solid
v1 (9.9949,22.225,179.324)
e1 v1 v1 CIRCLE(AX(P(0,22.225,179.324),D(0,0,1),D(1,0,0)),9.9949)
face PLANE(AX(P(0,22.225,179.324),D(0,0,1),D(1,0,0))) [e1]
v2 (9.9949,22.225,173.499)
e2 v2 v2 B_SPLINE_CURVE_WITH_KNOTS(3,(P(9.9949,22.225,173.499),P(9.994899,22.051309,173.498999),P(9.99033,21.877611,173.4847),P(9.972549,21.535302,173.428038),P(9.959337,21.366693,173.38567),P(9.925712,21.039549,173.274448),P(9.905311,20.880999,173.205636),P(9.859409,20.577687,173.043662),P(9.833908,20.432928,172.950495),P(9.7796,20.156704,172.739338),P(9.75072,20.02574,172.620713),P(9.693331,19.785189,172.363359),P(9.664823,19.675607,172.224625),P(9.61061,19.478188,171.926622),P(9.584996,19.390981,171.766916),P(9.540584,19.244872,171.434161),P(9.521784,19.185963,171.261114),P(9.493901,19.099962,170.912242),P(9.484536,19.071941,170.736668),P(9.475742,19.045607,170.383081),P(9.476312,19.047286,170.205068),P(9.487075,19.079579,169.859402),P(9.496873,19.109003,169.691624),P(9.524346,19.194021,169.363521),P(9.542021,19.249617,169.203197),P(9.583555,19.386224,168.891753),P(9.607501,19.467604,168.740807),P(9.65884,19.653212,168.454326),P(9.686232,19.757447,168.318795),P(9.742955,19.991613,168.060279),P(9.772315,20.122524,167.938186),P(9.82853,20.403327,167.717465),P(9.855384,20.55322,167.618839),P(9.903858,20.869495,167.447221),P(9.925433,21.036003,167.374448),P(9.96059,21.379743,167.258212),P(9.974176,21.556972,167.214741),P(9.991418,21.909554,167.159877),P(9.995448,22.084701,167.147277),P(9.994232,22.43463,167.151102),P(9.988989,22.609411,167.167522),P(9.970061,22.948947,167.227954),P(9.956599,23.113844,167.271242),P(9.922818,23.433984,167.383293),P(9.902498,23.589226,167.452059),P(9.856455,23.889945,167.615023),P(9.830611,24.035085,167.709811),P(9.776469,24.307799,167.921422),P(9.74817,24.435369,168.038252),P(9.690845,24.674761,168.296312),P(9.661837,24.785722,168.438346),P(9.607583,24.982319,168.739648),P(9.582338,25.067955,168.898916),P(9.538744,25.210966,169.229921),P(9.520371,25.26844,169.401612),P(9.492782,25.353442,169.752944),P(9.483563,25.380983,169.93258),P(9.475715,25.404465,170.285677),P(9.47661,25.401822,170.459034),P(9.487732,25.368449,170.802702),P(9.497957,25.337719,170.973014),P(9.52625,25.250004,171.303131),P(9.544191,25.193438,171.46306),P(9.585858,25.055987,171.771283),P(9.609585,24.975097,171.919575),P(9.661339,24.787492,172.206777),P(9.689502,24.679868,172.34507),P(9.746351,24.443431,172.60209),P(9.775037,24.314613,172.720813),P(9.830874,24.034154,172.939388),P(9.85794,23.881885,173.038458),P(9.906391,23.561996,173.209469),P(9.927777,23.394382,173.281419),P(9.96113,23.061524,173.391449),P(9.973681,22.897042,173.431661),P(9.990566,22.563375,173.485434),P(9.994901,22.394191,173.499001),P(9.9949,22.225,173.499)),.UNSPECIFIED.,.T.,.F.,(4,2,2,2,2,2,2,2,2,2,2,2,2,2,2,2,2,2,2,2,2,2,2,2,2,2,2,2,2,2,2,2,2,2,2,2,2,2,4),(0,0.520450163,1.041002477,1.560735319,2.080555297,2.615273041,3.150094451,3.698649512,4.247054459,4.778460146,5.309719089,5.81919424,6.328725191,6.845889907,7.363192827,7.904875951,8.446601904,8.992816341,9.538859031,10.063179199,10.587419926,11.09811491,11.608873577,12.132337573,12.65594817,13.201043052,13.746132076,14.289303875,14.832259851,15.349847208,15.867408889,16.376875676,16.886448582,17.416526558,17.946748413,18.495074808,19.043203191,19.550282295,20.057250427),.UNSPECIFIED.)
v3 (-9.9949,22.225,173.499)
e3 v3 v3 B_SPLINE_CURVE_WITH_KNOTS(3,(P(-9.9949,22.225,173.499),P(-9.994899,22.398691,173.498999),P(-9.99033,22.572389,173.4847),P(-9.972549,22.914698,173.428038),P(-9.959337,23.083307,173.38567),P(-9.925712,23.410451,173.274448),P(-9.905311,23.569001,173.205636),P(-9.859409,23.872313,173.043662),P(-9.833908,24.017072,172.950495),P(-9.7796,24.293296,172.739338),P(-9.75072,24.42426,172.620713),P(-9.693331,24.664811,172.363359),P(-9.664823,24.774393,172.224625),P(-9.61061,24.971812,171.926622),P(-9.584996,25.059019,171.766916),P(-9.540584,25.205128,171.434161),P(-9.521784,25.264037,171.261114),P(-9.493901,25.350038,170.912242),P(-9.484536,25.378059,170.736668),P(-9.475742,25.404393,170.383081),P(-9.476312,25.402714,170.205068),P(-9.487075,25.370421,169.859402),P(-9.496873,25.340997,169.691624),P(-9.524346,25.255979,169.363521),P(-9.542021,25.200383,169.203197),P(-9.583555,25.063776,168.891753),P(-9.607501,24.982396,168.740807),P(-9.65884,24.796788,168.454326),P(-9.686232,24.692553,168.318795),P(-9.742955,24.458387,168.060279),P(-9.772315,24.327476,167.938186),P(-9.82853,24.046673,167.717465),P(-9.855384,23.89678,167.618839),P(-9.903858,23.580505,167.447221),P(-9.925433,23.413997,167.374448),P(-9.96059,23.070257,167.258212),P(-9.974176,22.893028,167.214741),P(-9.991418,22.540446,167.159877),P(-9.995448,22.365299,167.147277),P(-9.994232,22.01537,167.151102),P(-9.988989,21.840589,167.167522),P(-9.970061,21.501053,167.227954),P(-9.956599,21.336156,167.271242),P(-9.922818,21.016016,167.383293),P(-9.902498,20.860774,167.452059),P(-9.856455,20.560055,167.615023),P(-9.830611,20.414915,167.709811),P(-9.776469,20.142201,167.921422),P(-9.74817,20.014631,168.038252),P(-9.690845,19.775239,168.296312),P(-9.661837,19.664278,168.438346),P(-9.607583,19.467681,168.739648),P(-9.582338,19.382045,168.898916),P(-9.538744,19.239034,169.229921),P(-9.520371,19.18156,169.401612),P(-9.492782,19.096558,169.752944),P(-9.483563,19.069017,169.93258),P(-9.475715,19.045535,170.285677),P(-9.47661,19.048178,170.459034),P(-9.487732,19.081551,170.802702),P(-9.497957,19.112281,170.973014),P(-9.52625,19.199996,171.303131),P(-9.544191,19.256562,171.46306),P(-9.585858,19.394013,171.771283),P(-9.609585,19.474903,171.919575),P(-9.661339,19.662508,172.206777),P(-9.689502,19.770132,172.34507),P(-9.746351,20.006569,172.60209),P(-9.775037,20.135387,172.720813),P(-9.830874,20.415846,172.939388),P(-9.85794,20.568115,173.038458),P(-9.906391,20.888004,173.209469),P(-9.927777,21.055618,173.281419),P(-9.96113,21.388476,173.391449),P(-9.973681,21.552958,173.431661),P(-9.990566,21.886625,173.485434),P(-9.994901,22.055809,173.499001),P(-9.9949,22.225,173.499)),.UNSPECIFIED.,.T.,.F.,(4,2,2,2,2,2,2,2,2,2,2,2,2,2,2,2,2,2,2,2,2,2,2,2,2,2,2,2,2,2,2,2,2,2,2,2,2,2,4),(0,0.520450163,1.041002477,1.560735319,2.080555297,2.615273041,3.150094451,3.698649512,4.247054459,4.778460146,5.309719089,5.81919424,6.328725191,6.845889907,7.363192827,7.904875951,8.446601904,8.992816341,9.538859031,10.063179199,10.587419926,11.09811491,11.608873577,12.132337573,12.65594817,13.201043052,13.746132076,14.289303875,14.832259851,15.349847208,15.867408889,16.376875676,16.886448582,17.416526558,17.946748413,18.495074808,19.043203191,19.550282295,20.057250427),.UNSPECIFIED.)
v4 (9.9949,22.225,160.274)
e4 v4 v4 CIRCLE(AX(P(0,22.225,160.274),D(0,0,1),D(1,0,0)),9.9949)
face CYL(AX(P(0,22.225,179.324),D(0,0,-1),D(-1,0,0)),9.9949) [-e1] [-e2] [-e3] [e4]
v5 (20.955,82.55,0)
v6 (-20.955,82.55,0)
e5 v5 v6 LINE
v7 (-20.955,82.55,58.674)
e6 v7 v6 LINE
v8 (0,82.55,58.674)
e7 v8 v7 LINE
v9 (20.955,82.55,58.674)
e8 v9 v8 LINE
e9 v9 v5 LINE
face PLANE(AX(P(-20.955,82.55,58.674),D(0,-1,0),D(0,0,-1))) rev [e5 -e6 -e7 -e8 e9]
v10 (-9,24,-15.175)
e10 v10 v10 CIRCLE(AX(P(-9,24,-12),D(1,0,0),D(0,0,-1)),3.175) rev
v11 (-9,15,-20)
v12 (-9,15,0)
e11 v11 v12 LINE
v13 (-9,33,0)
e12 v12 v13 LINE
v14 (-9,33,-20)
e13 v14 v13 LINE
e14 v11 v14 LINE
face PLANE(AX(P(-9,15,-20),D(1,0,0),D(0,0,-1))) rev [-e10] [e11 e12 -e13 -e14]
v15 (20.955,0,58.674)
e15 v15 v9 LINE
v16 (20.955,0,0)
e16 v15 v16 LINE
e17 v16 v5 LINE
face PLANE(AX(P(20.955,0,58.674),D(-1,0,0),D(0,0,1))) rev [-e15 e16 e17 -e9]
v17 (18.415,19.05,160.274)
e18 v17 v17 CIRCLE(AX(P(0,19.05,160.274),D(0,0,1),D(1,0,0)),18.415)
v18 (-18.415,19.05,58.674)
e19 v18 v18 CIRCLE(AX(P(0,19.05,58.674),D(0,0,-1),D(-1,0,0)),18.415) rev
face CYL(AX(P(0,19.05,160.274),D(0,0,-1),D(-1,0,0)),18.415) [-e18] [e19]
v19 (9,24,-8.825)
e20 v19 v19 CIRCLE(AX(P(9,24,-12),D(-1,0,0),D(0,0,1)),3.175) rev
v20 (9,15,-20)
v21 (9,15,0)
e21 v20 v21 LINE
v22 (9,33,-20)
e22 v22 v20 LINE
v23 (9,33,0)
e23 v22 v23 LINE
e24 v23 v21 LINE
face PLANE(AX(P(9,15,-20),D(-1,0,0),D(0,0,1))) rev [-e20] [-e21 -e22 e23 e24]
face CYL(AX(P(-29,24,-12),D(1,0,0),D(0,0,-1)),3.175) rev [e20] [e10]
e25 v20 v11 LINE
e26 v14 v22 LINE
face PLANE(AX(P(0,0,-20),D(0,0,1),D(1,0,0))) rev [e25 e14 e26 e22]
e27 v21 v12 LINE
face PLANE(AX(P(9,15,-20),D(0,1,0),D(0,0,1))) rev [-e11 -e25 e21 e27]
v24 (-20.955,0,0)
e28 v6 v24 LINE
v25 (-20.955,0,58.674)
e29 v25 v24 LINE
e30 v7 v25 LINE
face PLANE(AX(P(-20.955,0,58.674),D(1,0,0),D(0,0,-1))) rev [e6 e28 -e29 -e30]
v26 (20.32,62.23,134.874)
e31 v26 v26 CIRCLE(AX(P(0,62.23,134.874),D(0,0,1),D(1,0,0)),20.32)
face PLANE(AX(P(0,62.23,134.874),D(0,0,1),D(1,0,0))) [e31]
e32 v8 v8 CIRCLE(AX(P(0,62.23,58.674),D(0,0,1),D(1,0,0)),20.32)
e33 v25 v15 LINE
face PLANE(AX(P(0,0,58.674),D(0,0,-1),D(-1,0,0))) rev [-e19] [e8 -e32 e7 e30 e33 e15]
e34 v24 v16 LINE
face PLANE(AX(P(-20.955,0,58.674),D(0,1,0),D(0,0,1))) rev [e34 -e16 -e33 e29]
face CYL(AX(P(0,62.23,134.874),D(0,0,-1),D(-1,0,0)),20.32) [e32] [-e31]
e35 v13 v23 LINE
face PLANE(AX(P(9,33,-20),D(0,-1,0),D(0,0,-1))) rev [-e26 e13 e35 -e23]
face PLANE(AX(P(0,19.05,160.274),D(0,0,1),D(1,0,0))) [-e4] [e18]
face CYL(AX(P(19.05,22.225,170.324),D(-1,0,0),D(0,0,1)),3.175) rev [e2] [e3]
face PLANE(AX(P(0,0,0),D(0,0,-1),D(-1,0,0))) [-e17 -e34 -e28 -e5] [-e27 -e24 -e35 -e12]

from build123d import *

# Parameters (mm, degrees)
SKETCH1_W               = 41.91
SKETCH1_H               = 82.55
BOSS_EXTRUDE1_DEPTH     = 58.674
SKETCH2_R               = 20.32
BOSS_EXTRUDE2_DEPTH     = 76.2
SKETCH3_R               = 18.415
BOSS_EXTRUDE3_DEPTH     = 101.6
SKETCH4_R               = 9.9949
BOSS_EXTRUDE4_DEPTH     = 19.05
CUT_EXTRUDE1_DEPTH      = 19.05
CUT_EXTRUDE1_DEPTH_BACK = 19.05
SKETCH6_R               = 3.175
SKETCH7_W               = 18
SKETCH7_H               = 18
BOSS_EXTRUDE5_DEPTH     = 20
CUT_EXTRUDE2_DEPTH      = 20
CUT_EXTRUDE2_DEPTH_BACK = 20
SKETCH8_R               = 3.175


with BuildPart() as part:
    # Sketch1 → Boss-Extrude1 (new body)
    with BuildSketch(Plane.XY):
        with Locations((0, 41.275)):
            Rectangle(SKETCH1_W, SKETCH1_H)
    extrude(amount=BOSS_EXTRUDE1_DEPTH)

    # Sketch2 → Boss-Extrude2 (add)
    with BuildSketch(Plane.XY.offset(58.674)):
        with Locations((0, 62.23)):
            Circle(SKETCH2_R)
    extrude(amount=BOSS_EXTRUDE2_DEPTH)

    # Sketch3 → Boss-Extrude3 (add)
    with BuildSketch(Plane.XY.offset(58.674)):
        with Locations((0, 19.05)):
            Circle(SKETCH3_R)
    extrude(amount=BOSS_EXTRUDE3_DEPTH)

    # Sketch4 → Boss-Extrude4 (add)
    with BuildSketch(Plane.XY.offset(160.274)):
        with Locations((0, 22.225)):
            Circle(SKETCH4_R)
    extrude(amount=BOSS_EXTRUDE4_DEPTH)

    # Sketch6 → Cut-Extrude1 (cut, two sides: drawn at the far end of the back side and taken through both)
    with BuildSketch(Plane(origin=(0, 0, 0), x_dir=(0, 0, -1), z_dir=(1, 0, 0)).offset(-CUT_EXTRUDE1_DEPTH_BACK)):
        with Locations((-170.324, 22.225)):
            Circle(SKETCH6_R)
    extrude(amount=CUT_EXTRUDE1_DEPTH + CUT_EXTRUDE1_DEPTH_BACK, mode=Mode.SUBTRACT)

    # Sketch7 → Boss-Extrude5 (add)
    with BuildSketch(Plane(origin=(0, 0, 0), x_dir=(-1, 0, 0), z_dir=(0, 0, -1))):
        with Locations((0, 24)):
            Rectangle(SKETCH7_W, SKETCH7_H)
    extrude(amount=BOSS_EXTRUDE5_DEPTH)

    # Sketch8 → Cut-Extrude2 (cut, two sides: drawn at the far end of the back side and taken through both)
    with BuildSketch(Plane.ZY.offset(9).offset(-CUT_EXTRUDE2_DEPTH_BACK)):
        with Locations((-12, 24)):
            Circle(SKETCH8_R)
    extrude(amount=CUT_EXTRUDE2_DEPTH + CUT_EXTRUDE2_DEPTH_BACK, mode=Mode.SUBTRACT)


solid = part.part
